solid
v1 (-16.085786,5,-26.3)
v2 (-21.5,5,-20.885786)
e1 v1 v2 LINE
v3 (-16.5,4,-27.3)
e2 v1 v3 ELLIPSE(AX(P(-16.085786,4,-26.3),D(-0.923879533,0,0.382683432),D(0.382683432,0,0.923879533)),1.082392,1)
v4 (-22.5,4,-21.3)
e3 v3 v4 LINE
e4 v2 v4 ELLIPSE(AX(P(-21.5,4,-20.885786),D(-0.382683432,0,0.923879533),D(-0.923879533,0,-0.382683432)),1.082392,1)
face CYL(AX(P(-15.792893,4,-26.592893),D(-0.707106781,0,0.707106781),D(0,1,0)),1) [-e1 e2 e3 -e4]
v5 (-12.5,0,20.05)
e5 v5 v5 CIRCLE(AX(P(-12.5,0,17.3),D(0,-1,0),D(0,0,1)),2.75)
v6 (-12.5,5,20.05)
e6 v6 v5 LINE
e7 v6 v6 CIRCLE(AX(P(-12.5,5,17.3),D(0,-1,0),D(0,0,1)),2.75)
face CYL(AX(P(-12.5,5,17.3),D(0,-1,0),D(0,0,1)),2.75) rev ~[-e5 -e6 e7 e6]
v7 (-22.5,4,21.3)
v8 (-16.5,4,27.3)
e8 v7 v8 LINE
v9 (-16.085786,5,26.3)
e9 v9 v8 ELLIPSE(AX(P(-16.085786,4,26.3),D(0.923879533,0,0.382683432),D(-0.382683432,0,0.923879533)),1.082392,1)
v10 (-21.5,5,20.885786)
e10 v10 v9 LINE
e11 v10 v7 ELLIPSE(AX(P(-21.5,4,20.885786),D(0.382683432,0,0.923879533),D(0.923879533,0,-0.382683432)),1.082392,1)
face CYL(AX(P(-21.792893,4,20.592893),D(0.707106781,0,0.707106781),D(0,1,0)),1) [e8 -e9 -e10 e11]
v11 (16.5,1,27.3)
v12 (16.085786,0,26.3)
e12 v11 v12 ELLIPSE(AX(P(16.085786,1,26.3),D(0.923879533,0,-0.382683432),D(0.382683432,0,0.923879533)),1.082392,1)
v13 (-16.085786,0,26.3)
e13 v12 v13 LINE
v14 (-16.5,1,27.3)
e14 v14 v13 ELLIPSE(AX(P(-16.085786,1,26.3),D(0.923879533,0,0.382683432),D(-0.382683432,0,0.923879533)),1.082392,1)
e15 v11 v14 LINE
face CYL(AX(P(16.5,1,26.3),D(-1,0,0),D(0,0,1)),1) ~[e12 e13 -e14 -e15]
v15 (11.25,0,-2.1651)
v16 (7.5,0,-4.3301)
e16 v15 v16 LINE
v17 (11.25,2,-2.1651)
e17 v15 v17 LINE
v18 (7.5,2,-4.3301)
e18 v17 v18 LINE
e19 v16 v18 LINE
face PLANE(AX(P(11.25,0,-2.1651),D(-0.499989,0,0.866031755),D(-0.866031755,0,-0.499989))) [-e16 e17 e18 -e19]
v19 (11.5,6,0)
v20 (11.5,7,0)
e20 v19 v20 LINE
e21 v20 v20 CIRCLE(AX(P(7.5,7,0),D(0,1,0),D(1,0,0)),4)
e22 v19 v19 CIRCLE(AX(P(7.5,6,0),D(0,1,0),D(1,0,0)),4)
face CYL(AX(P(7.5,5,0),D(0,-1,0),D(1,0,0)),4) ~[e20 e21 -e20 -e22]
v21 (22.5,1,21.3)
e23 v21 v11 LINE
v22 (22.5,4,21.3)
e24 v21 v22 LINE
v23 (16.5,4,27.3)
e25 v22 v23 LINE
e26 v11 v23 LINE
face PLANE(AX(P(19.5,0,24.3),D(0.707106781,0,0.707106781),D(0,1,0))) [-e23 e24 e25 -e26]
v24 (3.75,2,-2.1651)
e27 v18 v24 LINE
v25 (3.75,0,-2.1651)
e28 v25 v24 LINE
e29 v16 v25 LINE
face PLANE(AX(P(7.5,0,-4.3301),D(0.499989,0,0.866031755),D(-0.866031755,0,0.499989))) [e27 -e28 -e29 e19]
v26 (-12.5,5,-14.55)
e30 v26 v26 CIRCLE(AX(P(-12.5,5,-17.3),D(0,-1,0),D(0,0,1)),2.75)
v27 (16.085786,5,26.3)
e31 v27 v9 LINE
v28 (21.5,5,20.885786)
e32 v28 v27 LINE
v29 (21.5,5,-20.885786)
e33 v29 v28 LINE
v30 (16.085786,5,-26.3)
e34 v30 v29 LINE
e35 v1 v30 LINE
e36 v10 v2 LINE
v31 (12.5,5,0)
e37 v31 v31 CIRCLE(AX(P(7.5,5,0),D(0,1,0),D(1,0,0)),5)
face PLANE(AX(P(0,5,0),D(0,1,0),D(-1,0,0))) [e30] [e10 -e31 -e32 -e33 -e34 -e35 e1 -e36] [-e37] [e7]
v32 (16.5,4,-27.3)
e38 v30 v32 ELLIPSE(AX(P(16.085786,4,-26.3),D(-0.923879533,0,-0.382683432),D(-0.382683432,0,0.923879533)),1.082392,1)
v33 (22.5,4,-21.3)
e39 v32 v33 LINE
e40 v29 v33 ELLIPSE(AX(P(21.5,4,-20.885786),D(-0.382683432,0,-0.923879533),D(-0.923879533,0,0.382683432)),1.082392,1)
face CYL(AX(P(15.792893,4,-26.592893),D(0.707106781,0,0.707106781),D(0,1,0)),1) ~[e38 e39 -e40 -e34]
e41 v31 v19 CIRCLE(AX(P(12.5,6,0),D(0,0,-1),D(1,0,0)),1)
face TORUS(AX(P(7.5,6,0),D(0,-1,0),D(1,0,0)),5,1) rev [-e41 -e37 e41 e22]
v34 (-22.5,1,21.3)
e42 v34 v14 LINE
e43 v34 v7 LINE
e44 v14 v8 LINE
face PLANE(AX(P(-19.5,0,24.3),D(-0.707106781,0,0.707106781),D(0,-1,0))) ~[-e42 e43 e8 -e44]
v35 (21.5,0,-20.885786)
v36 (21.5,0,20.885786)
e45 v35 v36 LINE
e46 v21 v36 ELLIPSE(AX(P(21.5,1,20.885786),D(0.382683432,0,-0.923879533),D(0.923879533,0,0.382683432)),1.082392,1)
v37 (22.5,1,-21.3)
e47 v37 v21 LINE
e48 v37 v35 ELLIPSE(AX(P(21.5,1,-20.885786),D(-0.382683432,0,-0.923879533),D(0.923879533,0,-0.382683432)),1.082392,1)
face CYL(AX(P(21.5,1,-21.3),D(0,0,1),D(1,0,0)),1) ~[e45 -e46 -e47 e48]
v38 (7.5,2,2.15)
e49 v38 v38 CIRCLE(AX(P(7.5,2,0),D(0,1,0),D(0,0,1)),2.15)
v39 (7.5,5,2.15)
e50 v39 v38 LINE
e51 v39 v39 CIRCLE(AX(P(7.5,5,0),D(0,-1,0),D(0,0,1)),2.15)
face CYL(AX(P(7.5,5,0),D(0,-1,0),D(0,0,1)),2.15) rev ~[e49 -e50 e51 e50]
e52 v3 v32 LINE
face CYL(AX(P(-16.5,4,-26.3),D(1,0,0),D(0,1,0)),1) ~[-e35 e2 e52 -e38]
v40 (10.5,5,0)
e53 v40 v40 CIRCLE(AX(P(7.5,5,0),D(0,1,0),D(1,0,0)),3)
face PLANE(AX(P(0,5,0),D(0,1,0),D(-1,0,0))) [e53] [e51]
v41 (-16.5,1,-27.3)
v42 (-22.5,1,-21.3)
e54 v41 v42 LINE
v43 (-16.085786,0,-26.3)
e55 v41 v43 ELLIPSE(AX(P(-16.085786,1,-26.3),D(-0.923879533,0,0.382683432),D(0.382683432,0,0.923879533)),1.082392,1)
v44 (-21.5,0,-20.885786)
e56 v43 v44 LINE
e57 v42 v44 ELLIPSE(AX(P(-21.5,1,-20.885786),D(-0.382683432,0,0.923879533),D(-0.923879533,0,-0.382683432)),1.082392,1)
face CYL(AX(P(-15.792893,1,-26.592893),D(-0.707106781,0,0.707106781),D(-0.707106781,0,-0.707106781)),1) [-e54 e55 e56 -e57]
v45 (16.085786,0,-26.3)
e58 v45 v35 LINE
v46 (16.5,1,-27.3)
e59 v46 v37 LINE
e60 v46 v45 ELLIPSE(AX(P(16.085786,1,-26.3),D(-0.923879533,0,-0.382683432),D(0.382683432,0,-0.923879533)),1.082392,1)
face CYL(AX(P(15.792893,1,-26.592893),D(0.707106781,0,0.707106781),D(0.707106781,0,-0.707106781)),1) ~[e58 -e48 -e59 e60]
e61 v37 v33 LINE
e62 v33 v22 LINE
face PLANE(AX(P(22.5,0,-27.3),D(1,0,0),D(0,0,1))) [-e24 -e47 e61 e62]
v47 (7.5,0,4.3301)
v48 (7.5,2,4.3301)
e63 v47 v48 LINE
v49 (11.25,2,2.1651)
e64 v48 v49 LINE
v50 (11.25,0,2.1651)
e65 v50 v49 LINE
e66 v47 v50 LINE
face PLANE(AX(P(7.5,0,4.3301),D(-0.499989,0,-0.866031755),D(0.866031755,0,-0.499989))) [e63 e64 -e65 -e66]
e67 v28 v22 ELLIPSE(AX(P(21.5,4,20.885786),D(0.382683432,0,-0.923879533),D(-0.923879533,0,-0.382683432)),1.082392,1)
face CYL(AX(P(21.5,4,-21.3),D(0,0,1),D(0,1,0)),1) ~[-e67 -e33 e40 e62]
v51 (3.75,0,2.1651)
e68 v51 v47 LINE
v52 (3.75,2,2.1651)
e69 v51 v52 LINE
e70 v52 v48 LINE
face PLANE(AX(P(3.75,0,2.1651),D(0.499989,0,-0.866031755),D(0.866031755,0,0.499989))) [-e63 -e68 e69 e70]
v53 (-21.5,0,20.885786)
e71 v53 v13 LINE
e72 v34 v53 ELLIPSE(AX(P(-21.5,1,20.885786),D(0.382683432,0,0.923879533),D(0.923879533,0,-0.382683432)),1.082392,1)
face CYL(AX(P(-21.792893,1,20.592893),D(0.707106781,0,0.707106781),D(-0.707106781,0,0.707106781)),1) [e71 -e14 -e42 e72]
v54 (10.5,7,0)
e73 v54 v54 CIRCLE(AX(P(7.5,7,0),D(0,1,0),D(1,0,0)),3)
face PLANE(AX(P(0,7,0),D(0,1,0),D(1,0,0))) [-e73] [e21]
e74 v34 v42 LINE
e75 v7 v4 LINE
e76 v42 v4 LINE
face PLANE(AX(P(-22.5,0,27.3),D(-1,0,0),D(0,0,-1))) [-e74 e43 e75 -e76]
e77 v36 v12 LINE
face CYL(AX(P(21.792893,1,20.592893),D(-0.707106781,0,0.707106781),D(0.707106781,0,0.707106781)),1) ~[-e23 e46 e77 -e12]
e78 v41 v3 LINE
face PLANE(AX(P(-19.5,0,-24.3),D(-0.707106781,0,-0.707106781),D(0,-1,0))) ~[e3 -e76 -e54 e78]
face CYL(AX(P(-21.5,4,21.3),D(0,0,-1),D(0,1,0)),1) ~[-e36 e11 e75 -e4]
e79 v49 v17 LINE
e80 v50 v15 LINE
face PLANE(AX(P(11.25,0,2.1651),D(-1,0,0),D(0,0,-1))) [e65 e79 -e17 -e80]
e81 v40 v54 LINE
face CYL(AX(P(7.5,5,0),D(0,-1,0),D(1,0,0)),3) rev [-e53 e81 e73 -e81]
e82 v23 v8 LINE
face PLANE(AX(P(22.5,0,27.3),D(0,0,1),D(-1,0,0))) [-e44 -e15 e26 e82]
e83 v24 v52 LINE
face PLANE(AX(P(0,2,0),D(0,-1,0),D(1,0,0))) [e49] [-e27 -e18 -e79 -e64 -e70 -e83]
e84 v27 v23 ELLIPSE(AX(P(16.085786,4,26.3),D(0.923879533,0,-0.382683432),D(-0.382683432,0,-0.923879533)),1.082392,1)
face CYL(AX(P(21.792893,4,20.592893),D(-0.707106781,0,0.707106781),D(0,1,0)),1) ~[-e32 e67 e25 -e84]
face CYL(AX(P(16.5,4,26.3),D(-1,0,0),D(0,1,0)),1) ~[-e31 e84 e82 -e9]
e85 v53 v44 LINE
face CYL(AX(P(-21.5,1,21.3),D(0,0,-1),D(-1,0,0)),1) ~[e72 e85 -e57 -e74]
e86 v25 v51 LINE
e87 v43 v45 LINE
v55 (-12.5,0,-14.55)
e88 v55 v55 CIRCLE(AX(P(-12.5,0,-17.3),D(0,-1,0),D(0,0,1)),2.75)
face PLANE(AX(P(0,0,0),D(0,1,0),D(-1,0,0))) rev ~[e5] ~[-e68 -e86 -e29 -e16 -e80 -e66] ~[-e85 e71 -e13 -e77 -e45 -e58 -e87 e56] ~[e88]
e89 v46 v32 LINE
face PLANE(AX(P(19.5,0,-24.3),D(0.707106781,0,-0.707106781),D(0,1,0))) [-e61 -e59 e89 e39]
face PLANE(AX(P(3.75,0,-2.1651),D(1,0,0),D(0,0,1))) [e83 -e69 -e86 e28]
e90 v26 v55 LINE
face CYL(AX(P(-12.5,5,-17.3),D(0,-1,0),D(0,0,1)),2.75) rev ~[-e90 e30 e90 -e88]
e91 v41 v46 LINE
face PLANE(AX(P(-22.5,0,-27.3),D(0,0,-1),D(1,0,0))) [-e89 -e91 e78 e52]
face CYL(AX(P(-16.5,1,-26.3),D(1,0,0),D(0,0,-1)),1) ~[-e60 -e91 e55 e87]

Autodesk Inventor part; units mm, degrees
ref_plane "YZ Plane" through (0, 0, 0) normal (1, 0, 0) x (0, 1, 0)
ref_plane "XZ Plane" through (0, 0, 0) normal (0, 1, 0) x (-1, 0, 0)
ref_plane "XY Plane" through (0, 0, 0) normal (0, 0, 1) x (1, 0, 0)
sketch "スケッチ1" plane through (0, 0, 0) normal (0, 1, 0) x (-1, 0, 0)
  line L0 (22.5, -27.3) -> (-22.5, -27.3)
  line L1 (-22.5, -27.3) -> (-22.5, 27.3)
  line L2 (-22.5, 27.3) -> (22.5, 27.3)
  line L3 (22.5, 27.3) -> (22.5, -27.3)
  line L4 (22.5, -27.3) -> (-22.5, 27.3) construction
  line L5 (-22.5, -27.3) -> (22.5, 27.3) construction
  point P0 (0, 0)
  dimension "d0" = 45
  dimension "d1" = 54.6
extrude "押し出し1" add sketch "スケッチ1" along normal blind 5
sketch "スケッチ2" plane through (0, 5, 0) normal (0, 1, 0) x (1, 0, 0)
  line L0 (-22.5, 27.3) -> (-22.5, -27.3) projected
  line L1 (-22.5, -27.3) -> (22.5, -27.3) projected
  line L2 (22.5, 27.3) -> (-22.5, 27.3) projected
  point P0 (0, 0)
  point P1 (-12.5, -17.3)
  point P2 (-12.5, 17.3)
  dimension "d4" = 10
  dimension "d5" = 10
  dimension "d6" = 10
hole "穴1" at (-12.5, 5, 17.3) at (-12.5, 5, -17.3) direction (0, -1, 0) diameter 5.5 end through all clearance for "Flat Head Machine Screw" size "M5" standard "Ansi Metric M Profile"
chamfer "面取り1" distance 6 angle 45 4 edges at (22.5, 2.5, -27.3) (22.5, 2.5, 27.3) (-22.5, 2.5, -27.3) (-22.5, 2.5, 27.3)
sketch "スケッチ5" plane through (0, 5, 0) normal (0, 1, 0) x (1, 0, 0)
  circle A0 centre (-12.5, -17.3) radius 2.75 projected
  point P0 (0, 0)
  point P1 (7.5, 0)
  dimension "d43" = 20
hole "穴2" at (7.5, 5, 0) direction (0, -1, 0) diameter 4.3 end through all clearance for "Flat Head Machine Screw" size "M4" standard "Ansi Metric M Profile"
sketch "スケッチ6" plane through (0, 5, 0) normal (0, 1, 0) x (1, 0, 0)
  circle A0 centre (7.5, 0) radius 2.15 projected
  circle A1 centre (7.5, 0) radius 3
  circle A2 centre (7.5, 0) radius 4
  point P0 (0, 0)
  dimension "d51" = 6
  dimension "d52" = 8
extrude "押し出し4" add sketch "スケッチ6" along normal blind 2 contours A2
fillet "フィレット1" radius 1 1 edges at (3.5, 5, 0)
sketch "スケッチ7" plane through (0, 0, 0) normal (0, -1, 0) x (1, 0, 0)
  circle A0 centre (7.5, 0) radius 2.15 projected
  line L0 (7.5, -4.3301) -> (3.75, -2.1651)
  line L1 (3.75, -2.1651) -> (3.75, 2.1651)
  line L2 (3.75, 2.1651) -> (7.5, 4.3301)
  line L3 (7.5, 4.3301) -> (11.25, 2.1651)
  line L4 (11.25, 2.1651) -> (11.25, -2.1651)
  line L5 (11.25, -2.1651) -> (7.5, -4.3301)
  point P0 (0, 0)
  dimension "d56" = 7.5
extrude "押し出し5" cut sketch "スケッチ7" against normal blind 2
fillet "フィレット2" radius 1 16 edges at (-22.5, 5, 0) (-19.5, 5, 24.3) (0, 5, 27.3) (19.5, 5, 24.3) (22.5, 5, 0) (19.5, 5, -24.3) (0, 5, -27.3) (-19.5, 5, -24.3) (0, 0, -27.3) (-19.5, 0, -24.3) (19.5, 0, -24.3) (22.5, 0, 0) (19.5, 0, 24.3) (0, 0, 27.3) (-19.5, 0, 24.3) (-22.5, 0, 0)
equation "\"d6\" = d5"
properties part number "base1" material "ABS プラスチック"
